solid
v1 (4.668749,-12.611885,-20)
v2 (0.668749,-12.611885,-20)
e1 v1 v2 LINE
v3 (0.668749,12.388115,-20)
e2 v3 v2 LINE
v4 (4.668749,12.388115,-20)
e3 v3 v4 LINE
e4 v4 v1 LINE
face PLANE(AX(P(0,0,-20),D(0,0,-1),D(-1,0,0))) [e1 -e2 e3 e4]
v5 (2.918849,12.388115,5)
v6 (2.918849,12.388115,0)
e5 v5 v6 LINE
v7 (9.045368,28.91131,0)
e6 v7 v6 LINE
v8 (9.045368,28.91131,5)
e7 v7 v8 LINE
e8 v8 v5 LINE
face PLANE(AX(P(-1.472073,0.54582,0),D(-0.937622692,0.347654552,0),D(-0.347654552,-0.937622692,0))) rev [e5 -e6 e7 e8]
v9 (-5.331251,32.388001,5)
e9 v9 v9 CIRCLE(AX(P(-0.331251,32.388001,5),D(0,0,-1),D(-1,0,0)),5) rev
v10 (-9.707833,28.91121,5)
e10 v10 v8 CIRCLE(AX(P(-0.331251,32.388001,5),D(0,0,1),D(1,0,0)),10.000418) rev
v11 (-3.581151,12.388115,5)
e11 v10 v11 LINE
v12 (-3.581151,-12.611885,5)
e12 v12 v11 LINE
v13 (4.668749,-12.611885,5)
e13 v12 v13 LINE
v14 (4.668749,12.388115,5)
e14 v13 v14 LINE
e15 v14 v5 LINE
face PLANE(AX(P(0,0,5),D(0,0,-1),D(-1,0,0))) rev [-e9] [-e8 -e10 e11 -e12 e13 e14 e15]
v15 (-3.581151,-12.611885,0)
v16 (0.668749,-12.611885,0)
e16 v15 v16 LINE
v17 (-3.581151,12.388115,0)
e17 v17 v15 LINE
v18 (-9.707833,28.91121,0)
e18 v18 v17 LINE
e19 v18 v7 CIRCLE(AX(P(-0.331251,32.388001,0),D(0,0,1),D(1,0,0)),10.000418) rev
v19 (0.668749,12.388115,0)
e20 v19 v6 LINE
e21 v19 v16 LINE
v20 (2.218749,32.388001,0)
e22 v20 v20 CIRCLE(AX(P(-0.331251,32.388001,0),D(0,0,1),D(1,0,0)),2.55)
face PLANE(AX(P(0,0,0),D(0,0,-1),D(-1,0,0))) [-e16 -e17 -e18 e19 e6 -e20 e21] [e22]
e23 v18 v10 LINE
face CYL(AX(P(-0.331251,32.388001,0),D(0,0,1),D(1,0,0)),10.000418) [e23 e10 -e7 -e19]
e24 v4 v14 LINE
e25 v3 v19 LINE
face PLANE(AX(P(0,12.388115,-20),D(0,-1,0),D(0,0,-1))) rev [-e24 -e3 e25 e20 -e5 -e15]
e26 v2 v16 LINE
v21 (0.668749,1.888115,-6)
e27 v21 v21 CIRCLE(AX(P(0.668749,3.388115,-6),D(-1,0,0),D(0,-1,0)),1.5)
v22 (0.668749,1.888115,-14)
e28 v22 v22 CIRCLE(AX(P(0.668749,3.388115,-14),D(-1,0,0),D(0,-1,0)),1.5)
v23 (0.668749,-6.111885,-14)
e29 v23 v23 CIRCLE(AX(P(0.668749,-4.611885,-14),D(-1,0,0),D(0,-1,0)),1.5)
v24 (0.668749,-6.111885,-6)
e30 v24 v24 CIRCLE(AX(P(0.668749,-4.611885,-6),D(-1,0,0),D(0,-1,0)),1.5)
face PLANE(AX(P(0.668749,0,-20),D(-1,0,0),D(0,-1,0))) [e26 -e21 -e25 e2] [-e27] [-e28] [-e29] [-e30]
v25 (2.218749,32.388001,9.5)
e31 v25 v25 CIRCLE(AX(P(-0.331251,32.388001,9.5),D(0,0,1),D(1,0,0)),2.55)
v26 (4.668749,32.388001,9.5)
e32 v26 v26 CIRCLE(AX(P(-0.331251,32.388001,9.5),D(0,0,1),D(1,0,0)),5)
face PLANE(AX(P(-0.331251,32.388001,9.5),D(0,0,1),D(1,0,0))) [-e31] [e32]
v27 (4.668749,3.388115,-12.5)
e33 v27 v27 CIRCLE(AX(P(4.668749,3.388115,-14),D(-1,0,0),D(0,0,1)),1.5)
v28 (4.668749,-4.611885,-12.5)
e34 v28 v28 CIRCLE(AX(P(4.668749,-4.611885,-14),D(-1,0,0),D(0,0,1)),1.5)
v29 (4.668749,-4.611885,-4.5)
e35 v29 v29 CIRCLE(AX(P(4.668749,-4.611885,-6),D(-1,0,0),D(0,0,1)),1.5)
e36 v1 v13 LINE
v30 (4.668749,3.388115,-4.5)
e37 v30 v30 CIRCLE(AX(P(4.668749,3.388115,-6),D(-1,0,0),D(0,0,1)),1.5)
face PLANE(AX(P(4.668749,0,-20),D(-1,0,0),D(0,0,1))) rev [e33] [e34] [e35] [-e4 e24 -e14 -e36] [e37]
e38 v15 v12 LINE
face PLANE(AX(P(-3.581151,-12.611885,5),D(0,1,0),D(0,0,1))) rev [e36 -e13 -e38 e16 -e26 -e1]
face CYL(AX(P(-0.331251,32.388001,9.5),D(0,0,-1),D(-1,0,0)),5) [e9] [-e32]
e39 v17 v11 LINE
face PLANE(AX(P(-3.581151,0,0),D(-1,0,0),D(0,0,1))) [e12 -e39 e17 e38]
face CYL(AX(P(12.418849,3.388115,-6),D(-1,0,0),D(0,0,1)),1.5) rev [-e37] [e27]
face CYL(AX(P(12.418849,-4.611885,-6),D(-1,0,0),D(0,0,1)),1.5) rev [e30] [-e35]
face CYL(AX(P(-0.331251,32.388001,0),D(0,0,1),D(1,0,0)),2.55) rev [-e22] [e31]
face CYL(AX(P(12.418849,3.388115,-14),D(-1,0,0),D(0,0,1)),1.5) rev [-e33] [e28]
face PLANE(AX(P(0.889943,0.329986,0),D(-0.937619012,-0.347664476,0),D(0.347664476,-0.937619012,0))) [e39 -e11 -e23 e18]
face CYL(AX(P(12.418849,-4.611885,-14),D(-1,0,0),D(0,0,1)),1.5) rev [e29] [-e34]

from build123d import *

# Parameters (mm, degrees)
SKETCH_1_R          = 1.25
EXTRUDE_1_DEPTH     = 5
SKETCH_2_W          = 5
SKETCH_2_H          = 25
EXTRUDE_2_DEPTH     = 4
SKETCH_3_W          = 4
SKETCH_3_H          = 25
EXTRUDE_3_DEPTH     = 20
SKETCH_4_R          = 1.5
CUT_EXTRUDE_1_DEPTH = 20
EXTRUDE_START       = -5
SKETCH_7_R          = 1.25
EXTRUDE_4_DEPTH     = 5
SKETCH_8_R          = 1.5
SKETCH_8_R_2        = 4
EXTRUDE_5_DEPTH     = 5
EXTRUDE_START_2     = 4
SKETCH_14_W         = 25
SKETCH_14_H         = 25
SKETCH_14_R         = 1.5
EXTRUDE_9_DEPTH     = 4
SKETCH_15_W         = 4
SKETCH_15_H         = 25
CUT_EXTRUDE_2_DEPTH = 100
SKETCH_16_R         = 10.000418411
SKETCH_16_R_2       = 2.55
EXTRUDE_10_DEPTH    = 5
EXTRUDE_START_3     = 4.5
SKETCH_18_R         = 5
SKETCH_18_R_2       = 2.55
EXTRUDE_11_DEPTH    = 4.5
SKETCH_19_W         = 25
SKETCH_19_H         = 25
SKETCH_19_R         = 1.5
EXTRUDE_12_DEPTH    = 4
SKETCH_20_W         = 25
SKETCH_20_H         = 25
CUT_EXTRUDE_3_DEPTH = 4
SKETCH_21_W         = 1.749900533
SKETCH_21_H         = 25
EXTRUDE_13_DEPTH    = 20
CUT_EXTRUDE_START   = -20
SKETCH_22_R         = 1.5
CUT_EXTRUDE_4_DEPTH = 20
SKETCH_23_W         = 25
SKETCH_23_H         = 25
CUT_EXTRUDE_5_DEPTH = 4
SKETCH_24_W         = 1.749900533
SKETCH_24_H         = 25
EXTRUDE_14_DEPTH    = 5


with BuildPart() as part:
    # 草图1 → 凸台-拉伸1 (new body)
    with BuildSketch(Plane.XY):
        Polygon((-3.581151343, -8.027992706), (-3.581151343, -12.611885422), (2.918848657, -12.611885422), (2.918848657, -6.641886627), (2.918848657, 12.388114578), (-3.581151343, 12.388114578), align=None)
        with Locations((-0.081151343, 8.237522913)):
            Circle(SKETCH_1_R, mode=Mode.SUBTRACT)
        with Locations((-0.081151343, 2.787522913)):
            Circle(SKETCH_1_R, mode=Mode.SUBTRACT)
        with Locations((-0.081151343, -2.662477087)):
            Circle(SKETCH_1_R, mode=Mode.SUBTRACT)
        with Locations((-0.000846901, -8.111885422)):
            Circle(SKETCH_1_R, mode=Mode.SUBTRACT)
    extrude(amount=EXTRUDE_1_DEPTH)

    # 草图2 → 凸台-拉伸2 (add)
    with BuildSketch(Plane.ZY.offset(3.581151343)):
        with Locations((2.5, -0.111885422)):
            Rectangle(SKETCH_2_W, SKETCH_2_H)
    extrude(amount=EXTRUDE_2_DEPTH)

    # 草图3 → 凸台-拉伸3 (add)
    with BuildSketch(Plane(origin=(0, 0, 0), x_dir=(-1, 0, 0), z_dir=(0, 0, -1))):
        with Locations((5.581151343, -0.111885422)):
            Rectangle(SKETCH_3_W, SKETCH_3_H)
    extrude(amount=EXTRUDE_3_DEPTH)

    # 草图4 → 切除-拉伸1 (cut)
    with BuildSketch(Plane(origin=(-3.581151343, 0, 0), x_dir=(0, 0, -1), z_dir=(1, 0, 0))):
        with Locations(Location((6, 3.388114578, 0), (0, 0, 90))):
            Circle(SKETCH_4_R)
        with Locations(Location((14, 3.388114578, 0), (0, 0, 180))):
            Circle(SKETCH_4_R)
        with Locations(Location((14, -4.611885422, 0), (0, 0, 90))):
            Circle(SKETCH_4_R)
        with Locations(Location((6, -4.611885422, 0), (0, 0, 180))):
            Circle(SKETCH_4_R)
    extrude(amount=-CUT_EXTRUDE_1_DEPTH, mode=Mode.SUBTRACT)

    # 草图7 → 凸台-拉伸4 (add)
    with BuildSketch(Plane.XY.offset(5).offset(EXTRUDE_START)):
        with Locations((-0.081151343, 8.237522913)):
            Circle(SKETCH_7_R)
        with Locations((-0.081151343, 2.787522913)):
            Circle(SKETCH_7_R)
        with Locations((-0.081151343, -2.662477087)):
            Circle(SKETCH_7_R)
        with Locations((-0.000846901, -8.111885422)):
            Circle(SKETCH_7_R)
    extrude(amount=EXTRUDE_4_DEPTH)

    # 草图8 → 凸台-拉伸5 (add)
    with BuildSketch(Plane.XY.offset(5)):
        with BuildLine():
            ThreePointArc((9.045368421, 28.911309576), (-0.331303735, 42.388418969), (-9.707833242, 28.911210329))
            Line((-9.707833242, 28.911210329), (-3.581151343, 12.388114578))
            Line((-3.581151343, 12.388114578), (2.918848657, 12.388114578))
            Line((2.918848657, 12.388114578), (9.045368421, 28.911309576))
        make_face()
        with Locations((-0.33125081, 25.388000558)):
            Circle(SKETCH_8_R, mode=Mode.SUBTRACT)
        with Locations((-7.33125081, 32.388000558)):
            Circle(SKETCH_8_R, mode=Mode.SUBTRACT)
        with Locations((-0.33125081, 32.388000558)):
            Circle(SKETCH_8_R_2, mode=Mode.SUBTRACT)
        with Locations((-0.33125081, 39.388000558)):
            Circle(SKETCH_8_R, mode=Mode.SUBTRACT)
        with Locations((6.668848657, 32.388114578)):
            Circle(SKETCH_8_R, mode=Mode.SUBTRACT)
    extrude(amount=-EXTRUDE_5_DEPTH)

    # 草图14 → 凸台-拉伸9 (add)
    with BuildSketch(Plane(origin=(2.918848657, 0, 0), x_dir=(0, 0, -1), z_dir=(1, 0, 0)).offset(EXTRUDE_START_2)):
        with Locations((7.5, -0.111885422)):
            Rectangle(SKETCH_14_W, SKETCH_14_H)
        with Locations(Location((6, 3.388114578, 0), (0, 0, 90))):
            Circle(SKETCH_14_R, mode=Mode.SUBTRACT)
        with Locations(Location((14, 3.388114578, 0), (0, 0, 180))):
            Circle(SKETCH_14_R, mode=Mode.SUBTRACT)
        with Locations(Location((14, -4.611885422, 0), (0, 0, 90))):
            Circle(SKETCH_14_R, mode=Mode.SUBTRACT)
        with Locations(Location((6, -4.611885422, 0), (0, 0, 180))):
            Circle(SKETCH_14_R, mode=Mode.SUBTRACT)
    extrude(amount=-EXTRUDE_9_DEPTH)

    # 草图15 → 切除-拉伸2 (cut)
    with BuildSketch(Plane(origin=(0, 0, -20), x_dir=(-1, 0, 0), z_dir=(0, 0, -1))):
        with Locations((5.581151343, -0.111885422)):
            Rectangle(SKETCH_15_W, SKETCH_15_H)
    extrude(amount=-CUT_EXTRUDE_2_DEPTH, mode=Mode.SUBTRACT)

    # 草图16 → 凸台-拉伸10 (add)
    with BuildSketch(Plane.XY.offset(5)):
        with Locations((-0.33125081, 32.388000558)):
            Circle(SKETCH_16_R)
        with Locations((-0.33125081, 32.388000558)):
            Circle(SKETCH_16_R_2, mode=Mode.SUBTRACT)
    extrude(amount=-EXTRUDE_10_DEPTH)

    # 草图18 → 凸台-拉伸11 (add)
    with BuildSketch(Plane.XY.offset(5).offset(EXTRUDE_START_3)):
        with Locations(Location((-0.33125081, 32.388000558, 0), (0, 0, 180))):
            Circle(SKETCH_18_R)
        with Locations((-0.33125081, 32.388000558)):
            Circle(SKETCH_18_R_2, mode=Mode.SUBTRACT)
    extrude(amount=-EXTRUDE_11_DEPTH)

    # 草图19 → 凸台-拉伸12 (add)
    with BuildSketch(Plane.ZY.offset(3.581151343)):
        with Locations((-7.5, -0.111885422)):
            Rectangle(SKETCH_19_W, SKETCH_19_H)
        with Locations(Location((-14, 3.388114578, 0), (0, 0, 90))):
            Circle(SKETCH_19_R, mode=Mode.SUBTRACT)
        with Locations(Location((-6, 3.388114578, 0), (0, 0, 90))):
            Circle(SKETCH_19_R, mode=Mode.SUBTRACT)
        with Locations(Location((-14, -4.611885422, 0), (0, 0, 90))):
            Circle(SKETCH_19_R, mode=Mode.SUBTRACT)
        with Locations(Location((-6, -4.611885422, 0), (0, 0, 90))):
            Circle(SKETCH_19_R, mode=Mode.SUBTRACT)
    extrude(amount=EXTRUDE_12_DEPTH)

    # 草图20 → 切除-拉伸3 (cut)
    with BuildSketch(Plane(origin=(6.918848657, 0, 0), x_dir=(0, 0, -1), z_dir=(1, 0, 0))):
        with Locations((7.5, -0.111885422)):
            Rectangle(SKETCH_20_W, SKETCH_20_H)
    extrude(amount=-CUT_EXTRUDE_3_DEPTH, mode=Mode.SUBTRACT)

    # 草图21 → 凸台-拉伸13 (add)
    with BuildSketch(Plane(origin=(0, 0, 0), x_dir=(-1, 0, 0), z_dir=(0, 0, -1))):
        Polygon((-0.66874919, -12.611885422), (-0.66874919, 5.526794347), (-0.66874919, 12.388114578), (-2.918848657, 12.388114578), (-2.918848657, -12.611885422), align=None)
        with Locations((-3.793798924, -0.111885422)):
            Rectangle(SKETCH_21_W, SKETCH_21_H)
    extrude(amount=EXTRUDE_13_DEPTH)

    # 草图22 → 切除-拉伸4 (cut)
    with BuildSketch(Plane.ZY.offset(7.581151343).offset(CUT_EXTRUDE_START)):
        with Locations((-14, 3.388114578)):
            Circle(SKETCH_22_R)
        with Locations((-6, 3.388114578)):
            Circle(SKETCH_22_R)
        with Locations((-14, -4.611885422)):
            Circle(SKETCH_22_R)
        with Locations((-6, -4.611885422)):
            Circle(SKETCH_22_R)
    extrude(amount=CUT_EXTRUDE_4_DEPTH, mode=Mode.SUBTRACT)

    # 草图23 → 切除-拉伸5 (cut)
    with BuildSketch(Plane.ZY.offset(7.581151343)):
        with Locations((-7.5, -0.111885422)):
            Rectangle(SKETCH_23_W, SKETCH_23_H)
    extrude(amount=-CUT_EXTRUDE_5_DEPTH, mode=Mode.SUBTRACT)

    # 草图24 → 凸台-拉伸14 (add)
    with BuildSketch(Plane.XY):
        with Locations((3.793798924, -0.111885422)):
            Rectangle(SKETCH_24_W, SKETCH_24_H)
    extrude(amount=EXTRUDE_14_DEPTH)


solid = part.part
